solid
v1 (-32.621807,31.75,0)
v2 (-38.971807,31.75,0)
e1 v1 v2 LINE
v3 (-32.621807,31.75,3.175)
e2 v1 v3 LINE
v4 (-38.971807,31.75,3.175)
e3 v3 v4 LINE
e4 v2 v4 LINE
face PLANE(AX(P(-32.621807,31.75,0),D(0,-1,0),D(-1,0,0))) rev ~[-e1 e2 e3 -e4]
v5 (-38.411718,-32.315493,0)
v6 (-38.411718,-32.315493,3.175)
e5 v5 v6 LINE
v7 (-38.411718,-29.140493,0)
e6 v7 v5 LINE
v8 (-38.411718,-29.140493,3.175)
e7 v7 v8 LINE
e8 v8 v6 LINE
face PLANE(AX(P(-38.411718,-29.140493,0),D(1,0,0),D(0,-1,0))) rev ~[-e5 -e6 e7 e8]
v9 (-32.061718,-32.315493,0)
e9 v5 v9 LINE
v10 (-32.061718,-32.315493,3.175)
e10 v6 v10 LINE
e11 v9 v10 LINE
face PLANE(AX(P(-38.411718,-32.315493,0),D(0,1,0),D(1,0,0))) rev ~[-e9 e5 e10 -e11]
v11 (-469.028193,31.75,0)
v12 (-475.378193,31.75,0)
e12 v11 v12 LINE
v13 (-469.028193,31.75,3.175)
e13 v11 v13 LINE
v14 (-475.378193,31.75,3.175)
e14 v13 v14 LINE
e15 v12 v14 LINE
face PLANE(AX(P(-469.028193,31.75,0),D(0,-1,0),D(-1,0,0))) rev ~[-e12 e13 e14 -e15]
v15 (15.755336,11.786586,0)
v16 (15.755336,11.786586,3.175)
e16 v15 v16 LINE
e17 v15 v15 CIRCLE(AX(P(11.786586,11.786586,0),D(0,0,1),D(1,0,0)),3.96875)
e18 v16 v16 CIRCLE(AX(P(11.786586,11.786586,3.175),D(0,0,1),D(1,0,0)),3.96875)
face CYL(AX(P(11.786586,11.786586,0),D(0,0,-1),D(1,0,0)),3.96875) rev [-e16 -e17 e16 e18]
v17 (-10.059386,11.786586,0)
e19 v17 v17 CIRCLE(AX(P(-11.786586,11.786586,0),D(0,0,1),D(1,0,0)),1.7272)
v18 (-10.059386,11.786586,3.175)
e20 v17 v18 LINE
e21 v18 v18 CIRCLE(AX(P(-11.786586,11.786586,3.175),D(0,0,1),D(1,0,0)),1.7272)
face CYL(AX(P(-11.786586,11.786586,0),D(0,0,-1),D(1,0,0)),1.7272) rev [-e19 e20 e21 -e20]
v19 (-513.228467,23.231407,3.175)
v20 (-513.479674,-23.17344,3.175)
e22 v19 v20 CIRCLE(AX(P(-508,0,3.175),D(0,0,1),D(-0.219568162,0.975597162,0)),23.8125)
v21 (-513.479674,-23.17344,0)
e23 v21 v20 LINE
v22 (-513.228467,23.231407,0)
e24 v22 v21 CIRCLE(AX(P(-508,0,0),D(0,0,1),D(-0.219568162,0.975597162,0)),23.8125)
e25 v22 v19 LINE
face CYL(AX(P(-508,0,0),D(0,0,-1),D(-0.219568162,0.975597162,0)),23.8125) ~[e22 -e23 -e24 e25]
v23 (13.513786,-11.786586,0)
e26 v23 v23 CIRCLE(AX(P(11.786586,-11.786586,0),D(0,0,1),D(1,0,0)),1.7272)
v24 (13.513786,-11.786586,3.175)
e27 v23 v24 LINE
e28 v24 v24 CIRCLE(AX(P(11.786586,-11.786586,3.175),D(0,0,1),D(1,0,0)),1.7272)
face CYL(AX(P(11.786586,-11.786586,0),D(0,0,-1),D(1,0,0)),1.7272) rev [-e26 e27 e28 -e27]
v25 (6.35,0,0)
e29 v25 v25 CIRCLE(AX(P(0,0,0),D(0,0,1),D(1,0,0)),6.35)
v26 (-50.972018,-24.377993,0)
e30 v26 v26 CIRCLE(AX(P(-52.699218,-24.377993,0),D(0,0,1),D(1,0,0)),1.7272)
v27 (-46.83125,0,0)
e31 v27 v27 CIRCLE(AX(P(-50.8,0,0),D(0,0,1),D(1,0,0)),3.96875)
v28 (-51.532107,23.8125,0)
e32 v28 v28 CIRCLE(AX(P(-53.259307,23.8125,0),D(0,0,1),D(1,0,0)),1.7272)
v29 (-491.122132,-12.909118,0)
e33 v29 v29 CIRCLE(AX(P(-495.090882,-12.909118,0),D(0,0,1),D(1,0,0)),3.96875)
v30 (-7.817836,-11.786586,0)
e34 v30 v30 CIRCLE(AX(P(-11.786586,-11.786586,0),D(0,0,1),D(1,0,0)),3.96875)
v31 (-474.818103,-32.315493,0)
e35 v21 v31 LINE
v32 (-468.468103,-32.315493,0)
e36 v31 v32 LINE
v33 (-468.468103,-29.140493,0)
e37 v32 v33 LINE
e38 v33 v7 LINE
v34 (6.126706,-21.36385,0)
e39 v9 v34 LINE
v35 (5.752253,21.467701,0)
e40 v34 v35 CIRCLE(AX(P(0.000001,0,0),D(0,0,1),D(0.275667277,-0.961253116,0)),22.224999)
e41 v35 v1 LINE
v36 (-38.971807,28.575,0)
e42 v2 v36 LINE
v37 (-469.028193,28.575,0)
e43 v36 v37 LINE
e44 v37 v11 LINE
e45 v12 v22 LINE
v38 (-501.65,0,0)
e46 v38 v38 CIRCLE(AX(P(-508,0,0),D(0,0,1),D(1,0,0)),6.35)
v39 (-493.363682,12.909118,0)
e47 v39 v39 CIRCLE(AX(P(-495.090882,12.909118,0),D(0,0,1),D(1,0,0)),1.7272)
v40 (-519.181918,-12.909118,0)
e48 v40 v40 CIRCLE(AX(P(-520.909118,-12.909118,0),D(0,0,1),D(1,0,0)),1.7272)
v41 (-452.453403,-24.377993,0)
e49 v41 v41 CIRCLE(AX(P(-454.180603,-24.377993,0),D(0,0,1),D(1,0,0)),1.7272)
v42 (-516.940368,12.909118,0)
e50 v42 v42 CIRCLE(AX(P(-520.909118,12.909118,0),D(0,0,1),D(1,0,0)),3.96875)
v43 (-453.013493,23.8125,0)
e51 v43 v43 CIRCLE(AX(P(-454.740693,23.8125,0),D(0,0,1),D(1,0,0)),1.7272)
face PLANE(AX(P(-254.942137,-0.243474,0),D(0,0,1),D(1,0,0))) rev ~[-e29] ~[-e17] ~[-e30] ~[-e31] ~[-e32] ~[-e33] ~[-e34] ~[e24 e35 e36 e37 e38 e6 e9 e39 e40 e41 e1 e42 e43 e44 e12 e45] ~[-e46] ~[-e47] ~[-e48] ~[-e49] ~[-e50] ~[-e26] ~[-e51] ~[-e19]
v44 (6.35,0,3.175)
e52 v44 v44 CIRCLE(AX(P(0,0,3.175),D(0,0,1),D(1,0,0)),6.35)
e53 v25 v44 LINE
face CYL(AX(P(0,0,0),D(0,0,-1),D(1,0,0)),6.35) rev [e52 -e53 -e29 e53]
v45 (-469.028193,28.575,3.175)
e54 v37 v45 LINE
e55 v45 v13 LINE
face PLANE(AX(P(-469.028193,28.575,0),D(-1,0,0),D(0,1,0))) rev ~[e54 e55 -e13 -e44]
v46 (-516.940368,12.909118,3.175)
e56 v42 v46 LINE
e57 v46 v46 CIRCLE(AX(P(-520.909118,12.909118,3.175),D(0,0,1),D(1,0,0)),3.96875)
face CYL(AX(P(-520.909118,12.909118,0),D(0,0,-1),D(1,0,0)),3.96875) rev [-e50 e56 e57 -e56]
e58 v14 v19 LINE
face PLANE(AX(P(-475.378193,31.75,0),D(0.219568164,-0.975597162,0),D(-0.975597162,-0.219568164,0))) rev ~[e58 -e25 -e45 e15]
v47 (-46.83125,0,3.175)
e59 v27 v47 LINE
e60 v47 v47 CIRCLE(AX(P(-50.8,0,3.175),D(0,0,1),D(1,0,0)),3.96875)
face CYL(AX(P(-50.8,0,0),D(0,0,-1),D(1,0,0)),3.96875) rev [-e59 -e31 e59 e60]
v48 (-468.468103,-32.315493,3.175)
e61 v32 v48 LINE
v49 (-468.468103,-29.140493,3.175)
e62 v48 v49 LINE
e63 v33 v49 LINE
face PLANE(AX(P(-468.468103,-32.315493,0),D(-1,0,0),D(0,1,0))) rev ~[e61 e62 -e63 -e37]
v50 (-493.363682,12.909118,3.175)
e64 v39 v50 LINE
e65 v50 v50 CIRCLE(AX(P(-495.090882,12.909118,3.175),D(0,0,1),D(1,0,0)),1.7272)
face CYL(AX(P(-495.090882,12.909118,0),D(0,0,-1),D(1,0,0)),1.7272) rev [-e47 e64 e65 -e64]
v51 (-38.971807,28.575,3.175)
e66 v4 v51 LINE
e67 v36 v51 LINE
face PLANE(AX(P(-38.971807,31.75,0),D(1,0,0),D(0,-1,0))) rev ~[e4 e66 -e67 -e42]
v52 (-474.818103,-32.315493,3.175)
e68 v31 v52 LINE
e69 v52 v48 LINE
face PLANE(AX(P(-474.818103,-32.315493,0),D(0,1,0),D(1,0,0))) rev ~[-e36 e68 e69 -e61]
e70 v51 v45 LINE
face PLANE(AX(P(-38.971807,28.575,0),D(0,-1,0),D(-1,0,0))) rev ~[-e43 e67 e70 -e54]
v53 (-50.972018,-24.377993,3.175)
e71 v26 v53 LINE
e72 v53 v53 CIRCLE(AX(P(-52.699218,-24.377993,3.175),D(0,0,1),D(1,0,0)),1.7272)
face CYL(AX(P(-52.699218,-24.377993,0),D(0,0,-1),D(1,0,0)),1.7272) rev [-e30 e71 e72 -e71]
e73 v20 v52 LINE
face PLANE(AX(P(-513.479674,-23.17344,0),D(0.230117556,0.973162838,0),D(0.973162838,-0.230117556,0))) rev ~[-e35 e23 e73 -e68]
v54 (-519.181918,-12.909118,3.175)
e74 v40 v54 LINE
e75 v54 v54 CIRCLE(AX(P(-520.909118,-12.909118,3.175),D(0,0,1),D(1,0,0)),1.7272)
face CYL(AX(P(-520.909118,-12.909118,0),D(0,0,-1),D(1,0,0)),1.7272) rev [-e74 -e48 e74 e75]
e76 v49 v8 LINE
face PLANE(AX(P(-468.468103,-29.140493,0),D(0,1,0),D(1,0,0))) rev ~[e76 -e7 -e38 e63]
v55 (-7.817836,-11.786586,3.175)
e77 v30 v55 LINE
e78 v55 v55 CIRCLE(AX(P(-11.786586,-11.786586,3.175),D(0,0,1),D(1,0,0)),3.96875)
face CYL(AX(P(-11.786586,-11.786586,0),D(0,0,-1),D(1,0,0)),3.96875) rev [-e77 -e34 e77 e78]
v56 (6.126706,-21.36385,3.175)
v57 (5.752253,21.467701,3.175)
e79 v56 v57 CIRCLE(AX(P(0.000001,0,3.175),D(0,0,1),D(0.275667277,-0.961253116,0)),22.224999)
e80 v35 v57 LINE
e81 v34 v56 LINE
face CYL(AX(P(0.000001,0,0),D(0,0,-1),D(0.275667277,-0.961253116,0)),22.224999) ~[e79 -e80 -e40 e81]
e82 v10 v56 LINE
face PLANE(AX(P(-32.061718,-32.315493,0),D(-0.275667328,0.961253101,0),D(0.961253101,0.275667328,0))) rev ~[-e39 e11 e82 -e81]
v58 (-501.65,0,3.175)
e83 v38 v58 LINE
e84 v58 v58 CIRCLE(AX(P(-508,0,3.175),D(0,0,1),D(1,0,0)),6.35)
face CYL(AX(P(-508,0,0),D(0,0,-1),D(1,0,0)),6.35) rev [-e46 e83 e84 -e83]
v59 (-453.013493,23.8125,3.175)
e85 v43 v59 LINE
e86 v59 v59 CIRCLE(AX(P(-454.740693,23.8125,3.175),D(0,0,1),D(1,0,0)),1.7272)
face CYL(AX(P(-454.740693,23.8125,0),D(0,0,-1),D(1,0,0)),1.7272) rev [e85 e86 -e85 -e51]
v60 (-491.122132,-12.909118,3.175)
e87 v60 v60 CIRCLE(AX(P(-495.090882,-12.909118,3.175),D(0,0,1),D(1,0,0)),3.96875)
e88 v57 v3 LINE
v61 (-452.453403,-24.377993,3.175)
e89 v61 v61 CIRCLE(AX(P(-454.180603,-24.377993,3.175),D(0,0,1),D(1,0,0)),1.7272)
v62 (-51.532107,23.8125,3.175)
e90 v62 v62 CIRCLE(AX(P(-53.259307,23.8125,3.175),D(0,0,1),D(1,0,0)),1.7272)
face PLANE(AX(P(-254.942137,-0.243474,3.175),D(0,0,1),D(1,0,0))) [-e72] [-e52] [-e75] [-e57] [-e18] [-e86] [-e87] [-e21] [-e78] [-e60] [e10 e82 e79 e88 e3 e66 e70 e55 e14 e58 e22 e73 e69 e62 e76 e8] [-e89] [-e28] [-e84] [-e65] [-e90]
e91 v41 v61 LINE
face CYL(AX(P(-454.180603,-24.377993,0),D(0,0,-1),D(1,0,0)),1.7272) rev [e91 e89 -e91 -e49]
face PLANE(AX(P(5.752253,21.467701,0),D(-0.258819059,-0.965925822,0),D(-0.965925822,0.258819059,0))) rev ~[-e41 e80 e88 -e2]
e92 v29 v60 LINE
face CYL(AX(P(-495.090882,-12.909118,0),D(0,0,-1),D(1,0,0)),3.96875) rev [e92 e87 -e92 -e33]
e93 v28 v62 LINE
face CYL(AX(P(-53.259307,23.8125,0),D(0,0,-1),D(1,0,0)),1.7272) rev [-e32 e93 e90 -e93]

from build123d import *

# Parameters (mm, degrees)
F0_R     = 1.7272
F0_R_2   = 3.96875
F0_R_3   = 6.35
F1_DEPTH = 3.175


with BuildPart() as f1:
    # F0 (on Top) → F1 (new body)
    with BuildSketch(Plane.XY):
        with BuildLine():
            Line((-475.378193, 31.75), (-513.228467, 23.231407))
            ThreePointArc((-513.228467, 23.231407), (-531.812151, 0.128904), (-513.479674, -23.17344))
            Line((-513.479674, -23.17344), (-474.818103, -32.315493))
            Line((-474.818103, -32.315493), (-468.468103, -32.315493))
            Line((-468.468103, -32.315493), (-468.468103, -29.140493))
            Line((-468.468103, -29.140493), (-38.411718, -29.140493))
            Line((-38.411718, -29.140493), (-38.411718, -32.315493))
            Line((-38.411718, -32.315493), (-32.061718, -32.315493))
            Line((-32.061718, -32.315493), (6.126706, -21.36385))
            ThreePointArc((6.126706, -21.36385), (22.224151, 0.194294), (5.752253, 21.467701))
            Line((5.752253, 21.467701), (-32.621807, 31.75))
            Line((-32.621807, 31.75), (-38.971807, 31.75))
            Line((-38.971807, 31.75), (-38.971807, 28.575))
            Line((-38.971807, 28.575), (-469.028193, 28.575))
            Line((-469.028193, 28.575), (-469.028193, 31.75))
            Line((-469.028193, 31.75), (-475.378193, 31.75))
        make_face()
        with Locations((-454.180603, -24.377993)):
            Circle(F0_R, mode=Mode.SUBTRACT)
        with Locations((-520.909118, -12.909118)):
            Circle(F0_R, mode=Mode.SUBTRACT)
        with Locations((-495.090882, -12.909118)):
            Circle(F0_R_2, mode=Mode.SUBTRACT)
        with Locations((-52.699218, -24.377993)):
            Circle(F0_R, mode=Mode.SUBTRACT)
        with Locations((-11.786586, -11.786586)):
            Circle(F0_R_2, mode=Mode.SUBTRACT)
        with Locations((11.786586, -11.786586)):
            Circle(F0_R, mode=Mode.SUBTRACT)
        with Locations((-508, 0)):
            Circle(F0_R_3, mode=Mode.SUBTRACT)
        with Locations((-520.909118, 12.909118)):
            Circle(F0_R_2, mode=Mode.SUBTRACT)
        with Locations((-495.090882, 12.909118)):
            Circle(F0_R, mode=Mode.SUBTRACT)
        with Locations((-454.740693, 23.8125)):
            Circle(F0_R, mode=Mode.SUBTRACT)
        with Locations((-50.8, 0)):
            Circle(F0_R_2, mode=Mode.SUBTRACT)
        Circle(F0_R_3, mode=Mode.SUBTRACT)
        with Locations((-11.786586, 11.786586)):
            Circle(F0_R, mode=Mode.SUBTRACT)
        with Locations((11.786586, 11.786586)):
            Circle(F0_R_2, mode=Mode.SUBTRACT)
        with Locations((-53.259307, 23.8125)):
            Circle(F0_R, mode=Mode.SUBTRACT)
    extrude(amount=F1_DEPTH)


solid = f1.part
